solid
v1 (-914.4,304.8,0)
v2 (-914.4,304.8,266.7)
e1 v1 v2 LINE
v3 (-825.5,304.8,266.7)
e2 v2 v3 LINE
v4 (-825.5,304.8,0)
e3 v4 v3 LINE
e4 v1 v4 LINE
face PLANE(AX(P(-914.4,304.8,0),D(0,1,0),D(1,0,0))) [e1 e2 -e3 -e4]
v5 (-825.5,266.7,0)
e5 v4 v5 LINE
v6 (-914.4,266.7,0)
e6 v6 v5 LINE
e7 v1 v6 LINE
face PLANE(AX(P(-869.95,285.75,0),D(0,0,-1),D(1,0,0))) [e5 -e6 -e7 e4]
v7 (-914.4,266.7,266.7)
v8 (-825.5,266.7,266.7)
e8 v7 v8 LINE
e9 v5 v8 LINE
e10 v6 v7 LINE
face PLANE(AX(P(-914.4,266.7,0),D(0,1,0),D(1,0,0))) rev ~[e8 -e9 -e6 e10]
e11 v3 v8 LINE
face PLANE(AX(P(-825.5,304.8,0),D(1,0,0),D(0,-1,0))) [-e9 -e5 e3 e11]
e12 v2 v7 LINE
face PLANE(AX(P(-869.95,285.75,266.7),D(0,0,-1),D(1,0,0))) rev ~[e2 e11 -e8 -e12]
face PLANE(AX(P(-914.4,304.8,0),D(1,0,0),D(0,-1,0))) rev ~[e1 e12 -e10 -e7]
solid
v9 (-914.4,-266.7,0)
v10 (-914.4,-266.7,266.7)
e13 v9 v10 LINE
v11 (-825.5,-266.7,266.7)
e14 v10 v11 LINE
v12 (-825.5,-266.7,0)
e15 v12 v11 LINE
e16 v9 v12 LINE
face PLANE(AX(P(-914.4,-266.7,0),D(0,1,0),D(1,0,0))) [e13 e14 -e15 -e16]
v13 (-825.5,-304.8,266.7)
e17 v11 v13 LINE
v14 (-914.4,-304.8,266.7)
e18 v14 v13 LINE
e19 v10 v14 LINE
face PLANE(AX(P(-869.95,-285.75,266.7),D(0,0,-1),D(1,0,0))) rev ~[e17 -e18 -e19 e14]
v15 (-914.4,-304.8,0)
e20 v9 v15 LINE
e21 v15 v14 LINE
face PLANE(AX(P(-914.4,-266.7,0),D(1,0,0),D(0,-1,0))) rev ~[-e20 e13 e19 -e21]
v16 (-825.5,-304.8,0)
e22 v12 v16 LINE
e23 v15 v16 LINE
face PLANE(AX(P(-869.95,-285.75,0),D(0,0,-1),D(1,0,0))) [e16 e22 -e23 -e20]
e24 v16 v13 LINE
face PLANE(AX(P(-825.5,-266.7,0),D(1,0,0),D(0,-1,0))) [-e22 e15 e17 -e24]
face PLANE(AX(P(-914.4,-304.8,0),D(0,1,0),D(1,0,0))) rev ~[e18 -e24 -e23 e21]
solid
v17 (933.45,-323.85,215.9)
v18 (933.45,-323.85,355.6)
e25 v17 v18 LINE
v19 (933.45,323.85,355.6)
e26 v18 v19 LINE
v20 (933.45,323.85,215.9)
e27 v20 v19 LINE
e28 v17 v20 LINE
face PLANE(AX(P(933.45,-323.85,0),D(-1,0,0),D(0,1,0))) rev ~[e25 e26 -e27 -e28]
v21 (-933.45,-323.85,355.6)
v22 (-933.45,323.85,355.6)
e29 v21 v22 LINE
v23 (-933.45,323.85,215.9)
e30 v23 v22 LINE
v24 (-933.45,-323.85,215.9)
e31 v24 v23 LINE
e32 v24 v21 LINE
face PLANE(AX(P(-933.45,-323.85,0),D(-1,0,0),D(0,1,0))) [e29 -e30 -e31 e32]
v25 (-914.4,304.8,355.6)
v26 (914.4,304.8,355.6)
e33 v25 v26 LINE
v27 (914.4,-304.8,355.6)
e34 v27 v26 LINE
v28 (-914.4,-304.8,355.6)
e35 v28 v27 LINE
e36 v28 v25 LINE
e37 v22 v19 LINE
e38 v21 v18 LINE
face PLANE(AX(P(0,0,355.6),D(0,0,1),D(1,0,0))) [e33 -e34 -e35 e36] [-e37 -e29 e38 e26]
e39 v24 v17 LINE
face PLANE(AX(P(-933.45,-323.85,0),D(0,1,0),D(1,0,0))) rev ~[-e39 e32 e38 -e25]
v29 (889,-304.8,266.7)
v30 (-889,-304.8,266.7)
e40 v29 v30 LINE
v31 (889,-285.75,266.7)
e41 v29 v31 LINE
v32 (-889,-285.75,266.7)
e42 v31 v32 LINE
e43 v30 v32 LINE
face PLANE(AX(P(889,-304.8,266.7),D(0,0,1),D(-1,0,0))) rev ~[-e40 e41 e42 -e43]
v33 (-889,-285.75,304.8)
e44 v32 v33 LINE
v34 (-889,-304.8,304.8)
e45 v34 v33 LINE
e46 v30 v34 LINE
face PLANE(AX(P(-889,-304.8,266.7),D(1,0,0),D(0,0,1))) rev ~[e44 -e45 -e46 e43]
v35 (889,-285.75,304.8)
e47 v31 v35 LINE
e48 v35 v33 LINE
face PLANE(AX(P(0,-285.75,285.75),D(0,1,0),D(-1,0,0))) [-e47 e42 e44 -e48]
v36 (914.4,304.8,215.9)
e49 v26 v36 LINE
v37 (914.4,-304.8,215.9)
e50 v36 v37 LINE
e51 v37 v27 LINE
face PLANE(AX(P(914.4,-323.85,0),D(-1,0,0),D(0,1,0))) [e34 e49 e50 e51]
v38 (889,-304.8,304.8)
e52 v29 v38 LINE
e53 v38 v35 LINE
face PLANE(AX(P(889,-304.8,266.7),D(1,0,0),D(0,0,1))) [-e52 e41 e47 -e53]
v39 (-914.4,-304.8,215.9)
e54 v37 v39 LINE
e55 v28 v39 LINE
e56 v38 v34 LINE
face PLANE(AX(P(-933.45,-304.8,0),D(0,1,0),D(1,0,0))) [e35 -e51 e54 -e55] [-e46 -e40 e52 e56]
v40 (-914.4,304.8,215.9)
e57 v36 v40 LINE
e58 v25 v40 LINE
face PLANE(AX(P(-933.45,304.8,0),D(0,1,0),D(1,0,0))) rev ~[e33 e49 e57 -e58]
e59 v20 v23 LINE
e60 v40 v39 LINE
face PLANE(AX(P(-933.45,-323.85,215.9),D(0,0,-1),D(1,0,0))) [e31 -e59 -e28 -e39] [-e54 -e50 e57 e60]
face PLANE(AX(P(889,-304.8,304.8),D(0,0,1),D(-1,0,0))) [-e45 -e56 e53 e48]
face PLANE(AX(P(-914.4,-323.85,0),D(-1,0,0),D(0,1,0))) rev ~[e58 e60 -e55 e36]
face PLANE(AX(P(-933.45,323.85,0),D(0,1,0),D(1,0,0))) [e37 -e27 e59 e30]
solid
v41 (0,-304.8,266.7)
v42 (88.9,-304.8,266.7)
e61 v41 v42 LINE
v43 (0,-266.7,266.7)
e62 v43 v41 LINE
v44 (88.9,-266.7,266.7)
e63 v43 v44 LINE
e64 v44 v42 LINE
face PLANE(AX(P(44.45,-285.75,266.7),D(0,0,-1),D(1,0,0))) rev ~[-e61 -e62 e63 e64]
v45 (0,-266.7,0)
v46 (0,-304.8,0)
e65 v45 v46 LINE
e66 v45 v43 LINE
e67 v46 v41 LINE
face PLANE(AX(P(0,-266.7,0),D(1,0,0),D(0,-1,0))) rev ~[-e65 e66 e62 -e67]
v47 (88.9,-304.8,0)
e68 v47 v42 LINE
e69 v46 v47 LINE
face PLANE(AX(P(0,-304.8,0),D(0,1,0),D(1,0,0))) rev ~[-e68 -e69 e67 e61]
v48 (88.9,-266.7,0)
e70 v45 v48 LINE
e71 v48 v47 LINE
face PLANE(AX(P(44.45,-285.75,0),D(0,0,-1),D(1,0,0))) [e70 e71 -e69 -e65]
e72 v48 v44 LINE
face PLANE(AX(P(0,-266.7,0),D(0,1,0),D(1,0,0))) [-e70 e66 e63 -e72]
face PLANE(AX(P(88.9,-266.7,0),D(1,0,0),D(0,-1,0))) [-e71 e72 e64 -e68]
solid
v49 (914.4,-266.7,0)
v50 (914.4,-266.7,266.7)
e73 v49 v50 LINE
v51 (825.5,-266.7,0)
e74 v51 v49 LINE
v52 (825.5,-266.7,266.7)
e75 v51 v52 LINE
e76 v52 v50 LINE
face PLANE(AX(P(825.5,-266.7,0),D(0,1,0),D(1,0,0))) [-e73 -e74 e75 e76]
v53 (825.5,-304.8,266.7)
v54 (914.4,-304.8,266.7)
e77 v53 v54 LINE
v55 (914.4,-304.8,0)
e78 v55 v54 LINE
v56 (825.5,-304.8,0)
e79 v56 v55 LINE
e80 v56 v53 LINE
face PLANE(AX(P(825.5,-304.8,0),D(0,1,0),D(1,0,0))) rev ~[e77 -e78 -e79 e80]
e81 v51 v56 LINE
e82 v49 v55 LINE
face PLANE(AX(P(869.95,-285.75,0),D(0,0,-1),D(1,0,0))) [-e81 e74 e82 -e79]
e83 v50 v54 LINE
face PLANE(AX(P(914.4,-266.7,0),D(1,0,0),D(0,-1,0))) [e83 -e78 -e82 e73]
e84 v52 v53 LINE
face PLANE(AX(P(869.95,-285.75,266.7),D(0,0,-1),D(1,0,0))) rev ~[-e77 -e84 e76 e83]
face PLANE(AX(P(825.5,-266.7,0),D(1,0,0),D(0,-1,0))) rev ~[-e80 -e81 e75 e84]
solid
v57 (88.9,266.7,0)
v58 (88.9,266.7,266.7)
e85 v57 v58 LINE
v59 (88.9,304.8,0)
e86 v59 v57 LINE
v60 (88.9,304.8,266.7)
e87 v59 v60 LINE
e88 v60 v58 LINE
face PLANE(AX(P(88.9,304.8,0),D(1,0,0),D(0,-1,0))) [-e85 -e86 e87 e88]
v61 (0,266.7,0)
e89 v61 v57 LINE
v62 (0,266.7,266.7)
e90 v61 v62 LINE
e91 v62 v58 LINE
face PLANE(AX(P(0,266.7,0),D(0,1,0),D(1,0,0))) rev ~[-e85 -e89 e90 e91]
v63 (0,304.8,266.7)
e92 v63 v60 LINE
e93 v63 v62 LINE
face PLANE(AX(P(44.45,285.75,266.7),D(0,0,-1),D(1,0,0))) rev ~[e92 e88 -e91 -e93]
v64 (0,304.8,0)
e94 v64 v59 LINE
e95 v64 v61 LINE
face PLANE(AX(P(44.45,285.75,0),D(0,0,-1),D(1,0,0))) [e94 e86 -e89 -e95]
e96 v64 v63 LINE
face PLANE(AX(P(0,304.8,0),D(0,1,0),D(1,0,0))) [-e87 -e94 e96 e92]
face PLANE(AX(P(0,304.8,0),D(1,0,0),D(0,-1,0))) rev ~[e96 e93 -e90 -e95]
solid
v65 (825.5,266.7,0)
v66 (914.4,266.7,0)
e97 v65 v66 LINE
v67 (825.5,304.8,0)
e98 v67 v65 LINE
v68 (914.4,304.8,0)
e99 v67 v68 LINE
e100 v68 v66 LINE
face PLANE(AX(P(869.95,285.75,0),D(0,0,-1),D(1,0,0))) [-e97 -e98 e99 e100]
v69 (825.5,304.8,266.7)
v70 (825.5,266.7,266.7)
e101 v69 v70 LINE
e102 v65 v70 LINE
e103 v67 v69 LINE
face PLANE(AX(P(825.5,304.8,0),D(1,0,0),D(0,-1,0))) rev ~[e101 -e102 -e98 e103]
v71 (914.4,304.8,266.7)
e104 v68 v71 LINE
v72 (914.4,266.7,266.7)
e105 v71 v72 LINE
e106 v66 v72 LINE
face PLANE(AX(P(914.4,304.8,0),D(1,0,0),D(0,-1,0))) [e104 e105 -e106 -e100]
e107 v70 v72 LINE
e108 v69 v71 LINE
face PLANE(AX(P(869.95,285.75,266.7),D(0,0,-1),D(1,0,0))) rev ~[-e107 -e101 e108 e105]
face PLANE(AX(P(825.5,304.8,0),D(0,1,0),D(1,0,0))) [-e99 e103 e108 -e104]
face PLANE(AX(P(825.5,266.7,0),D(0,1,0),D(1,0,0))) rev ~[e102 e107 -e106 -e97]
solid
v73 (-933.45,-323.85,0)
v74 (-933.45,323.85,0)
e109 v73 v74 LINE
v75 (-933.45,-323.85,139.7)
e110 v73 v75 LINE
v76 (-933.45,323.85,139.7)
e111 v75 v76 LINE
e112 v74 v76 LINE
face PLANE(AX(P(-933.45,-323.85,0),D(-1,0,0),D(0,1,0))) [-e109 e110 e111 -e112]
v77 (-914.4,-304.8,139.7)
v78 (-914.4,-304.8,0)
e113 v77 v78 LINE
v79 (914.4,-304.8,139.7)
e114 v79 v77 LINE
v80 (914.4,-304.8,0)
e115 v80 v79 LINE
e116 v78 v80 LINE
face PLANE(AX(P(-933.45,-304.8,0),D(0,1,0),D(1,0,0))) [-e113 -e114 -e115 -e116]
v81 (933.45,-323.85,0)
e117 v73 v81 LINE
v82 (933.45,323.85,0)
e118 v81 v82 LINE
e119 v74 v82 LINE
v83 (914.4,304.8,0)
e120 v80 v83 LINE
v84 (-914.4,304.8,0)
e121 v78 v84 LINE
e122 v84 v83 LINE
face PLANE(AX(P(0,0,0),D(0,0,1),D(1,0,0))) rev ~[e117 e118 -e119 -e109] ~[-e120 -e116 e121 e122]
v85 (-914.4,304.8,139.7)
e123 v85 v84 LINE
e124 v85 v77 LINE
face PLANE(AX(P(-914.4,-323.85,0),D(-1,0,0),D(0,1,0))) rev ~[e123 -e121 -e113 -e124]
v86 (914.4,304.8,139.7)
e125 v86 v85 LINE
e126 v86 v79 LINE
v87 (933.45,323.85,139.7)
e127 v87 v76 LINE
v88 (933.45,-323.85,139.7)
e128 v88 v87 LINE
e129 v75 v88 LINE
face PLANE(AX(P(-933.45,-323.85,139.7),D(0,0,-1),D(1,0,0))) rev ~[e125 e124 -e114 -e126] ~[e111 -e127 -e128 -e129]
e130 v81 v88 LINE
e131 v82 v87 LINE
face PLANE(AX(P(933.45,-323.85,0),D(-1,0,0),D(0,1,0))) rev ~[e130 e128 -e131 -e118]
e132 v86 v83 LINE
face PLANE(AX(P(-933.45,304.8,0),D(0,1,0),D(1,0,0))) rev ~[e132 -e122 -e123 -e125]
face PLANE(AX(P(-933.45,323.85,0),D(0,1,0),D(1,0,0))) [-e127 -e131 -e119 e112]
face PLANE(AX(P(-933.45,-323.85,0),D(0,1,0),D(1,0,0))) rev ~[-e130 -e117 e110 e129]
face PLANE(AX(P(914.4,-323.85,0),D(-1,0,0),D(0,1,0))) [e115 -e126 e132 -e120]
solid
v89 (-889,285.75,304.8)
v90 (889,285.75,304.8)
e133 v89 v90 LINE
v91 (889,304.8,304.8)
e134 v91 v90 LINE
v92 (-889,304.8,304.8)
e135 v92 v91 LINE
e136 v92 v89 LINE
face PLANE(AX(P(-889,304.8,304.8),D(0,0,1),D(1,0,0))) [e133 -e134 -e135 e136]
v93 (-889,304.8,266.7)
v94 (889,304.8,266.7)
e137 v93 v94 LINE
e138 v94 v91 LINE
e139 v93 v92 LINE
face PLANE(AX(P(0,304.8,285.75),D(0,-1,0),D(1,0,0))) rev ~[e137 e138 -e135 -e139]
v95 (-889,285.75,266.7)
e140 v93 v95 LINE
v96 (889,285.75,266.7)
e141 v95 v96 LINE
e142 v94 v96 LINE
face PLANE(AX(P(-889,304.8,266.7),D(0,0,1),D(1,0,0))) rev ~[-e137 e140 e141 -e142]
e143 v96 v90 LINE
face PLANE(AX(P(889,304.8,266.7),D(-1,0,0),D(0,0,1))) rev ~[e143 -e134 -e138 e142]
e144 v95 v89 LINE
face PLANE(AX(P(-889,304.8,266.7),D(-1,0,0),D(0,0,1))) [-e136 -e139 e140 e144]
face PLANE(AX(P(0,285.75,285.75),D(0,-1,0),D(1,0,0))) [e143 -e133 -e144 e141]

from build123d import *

# Parameters (mm, degrees)
F0_W      = 1866.9
F0_H      = 647.7
F1_DEPTH  = 355.6
F2_T      = -19.05
F3_W      = 1778
F3_H      = 38.1
F4_DEPTH  = 19.05
F5_W      = 1778
F5_H      = 38.1
F6_DEPTH  = 19.05
F7_W      = 1866.9
F7_H      = 76.2
F8_DEPTH  = 647.701
F9_W      = 88.9
F9_H      = 38.1
F10_DEPTH = 266.7


with BuildPart() as f1:
    # F0 (on Top) → F1 (new body)
    with BuildSketch(Plane.XY):
        Rectangle(F0_W, F0_H)
    extrude(amount=F1_DEPTH)

    # F2
    f2_openings = [f1.faces().sort_by_distance(p)[0] for p in [
        (0, 0, 355.6),
        (0, 0, 0),
    ]]
    offset(amount=F2_T, openings=f2_openings)

    # F5 (on face) → F6 (join)
    with BuildSketch(Plane(origin=(0, -304.8, 0), x_dir=(-1, 0, 0), z_dir=(0, 1, 0))):
        with Locations((0, 285.75)):
            Rectangle(F5_W, F5_H)
    extrude(amount=F6_DEPTH)

    # F7 (on face) → F8 (cut, through all)
    with BuildSketch(Plane.XZ.offset(323.85)):
        with Locations((0, 177.8)):
            Rectangle(F7_W, F7_H)
    extrude(amount=-F8_DEPTH, mode=Mode.SUBTRACT)


with BuildPart() as f4:
    # F3 (on face) → F4 (new body)
    with BuildSketch(Plane.XZ.offset(-304.8)):
        with Locations((0, 285.75)):
            Rectangle(F3_W, F3_H)
    extrude(amount=F4_DEPTH)


with BuildPart() as f10:
    # F9 (on face) → F10 (new body, through all)
    with BuildSketch(Plane(origin=(0, 0, 0), x_dir=(1, 0, 0), z_dir=(0, 0, -1))):
        with Locations((-869.95, 285.75)):
            Rectangle(F9_W, F9_H)
        with Locations((-869.95, -285.75)):
            Rectangle(F9_W, F9_H)
        with Locations((44.45, 285.75)):
            Rectangle(F9_W, F9_H)
        with Locations((44.45, -285.75)):
            Rectangle(F9_W, F9_H)
        with Locations((869.95, -285.75)):
            Rectangle(F9_W, F9_H)
        with Locations((869.95, 285.75)):
            Rectangle(F9_W, F9_H)
    extrude(amount=-F10_DEPTH)


solid = Compound([f1.part, f4.part, f10.part])
